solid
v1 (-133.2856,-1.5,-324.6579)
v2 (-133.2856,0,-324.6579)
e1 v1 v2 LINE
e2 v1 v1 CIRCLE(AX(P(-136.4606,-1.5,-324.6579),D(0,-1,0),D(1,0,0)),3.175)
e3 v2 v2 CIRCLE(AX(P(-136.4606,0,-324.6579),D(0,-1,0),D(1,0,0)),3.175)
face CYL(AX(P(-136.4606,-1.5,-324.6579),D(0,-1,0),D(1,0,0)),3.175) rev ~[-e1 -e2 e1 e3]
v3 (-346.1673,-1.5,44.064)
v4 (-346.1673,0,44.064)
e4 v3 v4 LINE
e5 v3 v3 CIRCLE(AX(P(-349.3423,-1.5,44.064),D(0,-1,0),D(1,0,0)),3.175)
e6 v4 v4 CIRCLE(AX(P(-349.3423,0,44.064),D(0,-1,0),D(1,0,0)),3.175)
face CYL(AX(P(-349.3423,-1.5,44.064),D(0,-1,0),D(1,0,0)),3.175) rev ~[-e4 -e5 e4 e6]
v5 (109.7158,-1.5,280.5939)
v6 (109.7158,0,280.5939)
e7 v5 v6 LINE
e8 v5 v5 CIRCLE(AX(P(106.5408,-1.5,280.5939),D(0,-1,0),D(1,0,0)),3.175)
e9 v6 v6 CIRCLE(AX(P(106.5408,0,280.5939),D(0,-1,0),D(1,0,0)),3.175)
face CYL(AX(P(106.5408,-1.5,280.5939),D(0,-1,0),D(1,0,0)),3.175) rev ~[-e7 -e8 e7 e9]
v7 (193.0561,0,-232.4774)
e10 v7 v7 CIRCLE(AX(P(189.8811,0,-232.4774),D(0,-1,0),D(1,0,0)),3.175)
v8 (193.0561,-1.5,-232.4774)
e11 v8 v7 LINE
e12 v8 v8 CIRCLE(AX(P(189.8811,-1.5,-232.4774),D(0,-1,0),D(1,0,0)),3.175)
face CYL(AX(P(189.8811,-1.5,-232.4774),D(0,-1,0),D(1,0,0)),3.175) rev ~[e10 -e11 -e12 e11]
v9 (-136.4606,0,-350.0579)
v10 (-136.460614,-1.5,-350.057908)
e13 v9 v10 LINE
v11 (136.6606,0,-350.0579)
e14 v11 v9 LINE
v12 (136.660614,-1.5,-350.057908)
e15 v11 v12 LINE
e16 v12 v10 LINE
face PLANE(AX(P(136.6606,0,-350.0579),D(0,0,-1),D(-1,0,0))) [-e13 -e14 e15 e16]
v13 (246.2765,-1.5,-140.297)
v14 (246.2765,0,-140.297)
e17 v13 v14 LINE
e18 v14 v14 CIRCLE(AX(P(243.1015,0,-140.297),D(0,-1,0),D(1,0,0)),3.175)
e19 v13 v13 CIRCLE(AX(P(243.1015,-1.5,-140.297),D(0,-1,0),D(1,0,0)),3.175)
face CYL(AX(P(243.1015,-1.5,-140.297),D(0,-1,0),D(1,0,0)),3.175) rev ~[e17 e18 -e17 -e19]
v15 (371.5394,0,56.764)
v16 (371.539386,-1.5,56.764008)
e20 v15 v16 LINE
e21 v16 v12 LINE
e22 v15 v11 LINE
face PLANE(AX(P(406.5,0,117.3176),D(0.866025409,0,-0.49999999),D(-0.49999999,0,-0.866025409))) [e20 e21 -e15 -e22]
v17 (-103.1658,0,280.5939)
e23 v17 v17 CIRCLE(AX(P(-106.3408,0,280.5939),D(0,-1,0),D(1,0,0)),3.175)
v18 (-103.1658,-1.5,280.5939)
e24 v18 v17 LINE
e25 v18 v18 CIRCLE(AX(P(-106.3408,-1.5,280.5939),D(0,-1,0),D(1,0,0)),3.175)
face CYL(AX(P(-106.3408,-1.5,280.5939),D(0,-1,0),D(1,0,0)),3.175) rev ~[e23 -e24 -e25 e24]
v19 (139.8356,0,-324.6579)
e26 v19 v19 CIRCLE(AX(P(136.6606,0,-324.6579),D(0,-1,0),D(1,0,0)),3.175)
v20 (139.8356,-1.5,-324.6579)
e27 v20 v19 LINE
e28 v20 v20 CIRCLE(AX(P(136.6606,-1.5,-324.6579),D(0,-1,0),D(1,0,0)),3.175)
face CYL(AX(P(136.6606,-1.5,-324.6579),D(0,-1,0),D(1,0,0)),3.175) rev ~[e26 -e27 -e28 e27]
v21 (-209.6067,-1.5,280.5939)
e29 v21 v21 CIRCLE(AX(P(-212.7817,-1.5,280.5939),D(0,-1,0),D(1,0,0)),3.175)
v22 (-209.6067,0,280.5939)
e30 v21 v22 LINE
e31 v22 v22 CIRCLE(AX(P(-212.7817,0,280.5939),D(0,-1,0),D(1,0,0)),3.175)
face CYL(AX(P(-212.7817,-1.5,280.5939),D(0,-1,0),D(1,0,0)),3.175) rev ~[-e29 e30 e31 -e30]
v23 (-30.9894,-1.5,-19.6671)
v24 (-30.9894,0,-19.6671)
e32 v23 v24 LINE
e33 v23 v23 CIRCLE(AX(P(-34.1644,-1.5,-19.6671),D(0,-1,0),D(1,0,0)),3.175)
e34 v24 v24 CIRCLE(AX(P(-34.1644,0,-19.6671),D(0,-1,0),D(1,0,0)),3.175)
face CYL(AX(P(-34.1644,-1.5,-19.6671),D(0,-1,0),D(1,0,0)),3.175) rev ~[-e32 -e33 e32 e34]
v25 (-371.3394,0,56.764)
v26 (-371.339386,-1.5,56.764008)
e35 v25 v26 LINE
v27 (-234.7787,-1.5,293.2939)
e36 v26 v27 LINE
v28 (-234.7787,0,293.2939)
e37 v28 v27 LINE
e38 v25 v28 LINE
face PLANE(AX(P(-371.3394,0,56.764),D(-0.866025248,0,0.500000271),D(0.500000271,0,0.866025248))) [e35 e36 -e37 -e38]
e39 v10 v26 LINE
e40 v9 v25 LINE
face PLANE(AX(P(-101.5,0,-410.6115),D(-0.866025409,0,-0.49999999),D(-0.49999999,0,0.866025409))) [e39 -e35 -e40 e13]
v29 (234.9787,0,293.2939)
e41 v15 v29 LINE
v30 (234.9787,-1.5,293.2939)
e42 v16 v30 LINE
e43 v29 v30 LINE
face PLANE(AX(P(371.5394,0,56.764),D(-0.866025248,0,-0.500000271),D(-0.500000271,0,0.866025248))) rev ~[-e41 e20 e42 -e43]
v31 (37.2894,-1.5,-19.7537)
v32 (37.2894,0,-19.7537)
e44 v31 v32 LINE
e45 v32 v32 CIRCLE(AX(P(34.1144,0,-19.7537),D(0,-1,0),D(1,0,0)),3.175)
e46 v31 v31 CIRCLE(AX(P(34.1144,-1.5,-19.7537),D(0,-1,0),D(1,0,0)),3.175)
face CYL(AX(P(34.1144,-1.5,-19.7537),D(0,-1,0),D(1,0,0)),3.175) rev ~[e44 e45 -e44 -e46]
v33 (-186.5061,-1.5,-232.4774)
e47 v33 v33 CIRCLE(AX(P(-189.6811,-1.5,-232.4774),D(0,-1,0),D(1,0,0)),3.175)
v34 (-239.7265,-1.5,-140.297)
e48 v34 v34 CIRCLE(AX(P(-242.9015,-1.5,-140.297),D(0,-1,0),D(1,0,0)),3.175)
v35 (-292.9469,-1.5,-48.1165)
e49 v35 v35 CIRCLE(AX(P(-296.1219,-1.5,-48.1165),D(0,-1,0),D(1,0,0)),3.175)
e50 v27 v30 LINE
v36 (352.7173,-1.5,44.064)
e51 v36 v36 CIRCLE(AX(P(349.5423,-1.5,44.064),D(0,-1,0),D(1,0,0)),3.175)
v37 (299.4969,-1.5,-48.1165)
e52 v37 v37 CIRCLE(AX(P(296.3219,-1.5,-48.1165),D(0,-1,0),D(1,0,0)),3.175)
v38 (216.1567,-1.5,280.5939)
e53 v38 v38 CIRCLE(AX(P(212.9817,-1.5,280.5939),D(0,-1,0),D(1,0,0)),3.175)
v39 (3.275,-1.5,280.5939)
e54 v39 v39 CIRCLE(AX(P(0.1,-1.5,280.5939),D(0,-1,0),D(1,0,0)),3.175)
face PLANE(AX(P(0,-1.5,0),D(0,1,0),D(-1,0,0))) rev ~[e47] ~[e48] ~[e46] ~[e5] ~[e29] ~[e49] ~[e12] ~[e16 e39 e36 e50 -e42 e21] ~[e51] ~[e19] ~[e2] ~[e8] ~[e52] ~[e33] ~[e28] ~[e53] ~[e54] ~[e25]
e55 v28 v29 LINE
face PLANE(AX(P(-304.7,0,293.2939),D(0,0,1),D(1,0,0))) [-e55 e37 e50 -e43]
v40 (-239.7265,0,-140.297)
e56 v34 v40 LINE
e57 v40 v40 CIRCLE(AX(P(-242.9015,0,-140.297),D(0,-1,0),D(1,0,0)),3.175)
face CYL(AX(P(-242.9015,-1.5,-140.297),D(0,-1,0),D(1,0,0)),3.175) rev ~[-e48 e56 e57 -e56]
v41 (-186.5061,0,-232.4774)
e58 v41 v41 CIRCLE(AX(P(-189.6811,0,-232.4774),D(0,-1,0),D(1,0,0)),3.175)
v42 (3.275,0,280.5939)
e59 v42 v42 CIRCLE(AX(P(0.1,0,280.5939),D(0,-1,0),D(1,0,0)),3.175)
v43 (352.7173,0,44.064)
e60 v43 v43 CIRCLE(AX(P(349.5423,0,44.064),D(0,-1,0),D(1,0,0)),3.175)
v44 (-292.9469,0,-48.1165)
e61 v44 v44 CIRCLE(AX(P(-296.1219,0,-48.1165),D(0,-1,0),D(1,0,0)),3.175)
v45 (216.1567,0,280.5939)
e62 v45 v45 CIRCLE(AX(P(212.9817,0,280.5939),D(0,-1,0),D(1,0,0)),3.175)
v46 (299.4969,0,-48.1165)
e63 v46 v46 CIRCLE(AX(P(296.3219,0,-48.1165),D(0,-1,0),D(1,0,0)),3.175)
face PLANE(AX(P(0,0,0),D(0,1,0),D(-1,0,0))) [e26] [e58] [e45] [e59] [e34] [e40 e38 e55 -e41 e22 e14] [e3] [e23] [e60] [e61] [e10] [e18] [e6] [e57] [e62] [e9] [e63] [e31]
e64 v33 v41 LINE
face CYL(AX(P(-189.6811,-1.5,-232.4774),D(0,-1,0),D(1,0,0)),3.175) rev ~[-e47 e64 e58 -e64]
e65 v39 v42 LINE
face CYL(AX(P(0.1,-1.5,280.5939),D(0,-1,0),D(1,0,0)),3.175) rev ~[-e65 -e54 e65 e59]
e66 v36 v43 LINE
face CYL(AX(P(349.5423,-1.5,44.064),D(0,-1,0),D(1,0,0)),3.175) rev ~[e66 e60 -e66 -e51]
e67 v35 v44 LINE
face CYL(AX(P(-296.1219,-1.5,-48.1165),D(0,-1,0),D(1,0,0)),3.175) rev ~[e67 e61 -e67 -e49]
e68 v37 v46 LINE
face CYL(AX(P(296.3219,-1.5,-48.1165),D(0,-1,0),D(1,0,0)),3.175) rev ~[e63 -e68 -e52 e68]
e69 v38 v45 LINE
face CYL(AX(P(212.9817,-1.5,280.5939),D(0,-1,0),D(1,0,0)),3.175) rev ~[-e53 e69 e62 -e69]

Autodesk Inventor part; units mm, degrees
ref_plane "YZ Plane" through (0, 0, 0) normal (1, 0, 0) x (0, 1, 0)
ref_plane "XZ Plane" through (0, 0, 0) normal (0, 1, 0) x (-1, 0, 0)
ref_plane "XY Plane" through (0, 0, 0) normal (0, 0, 1) x (1, 0, 0)
sketch "Sketch1" plane through (0, 0, 0) normal (0, 1, 0) x (-1, 0, 0)
  line L0 (101.5, -410.6115) -> (-101.7, -410.6115)
  line L1 (101.5, -410.6115) -> (406.3, 117.3176)
  line L2 (406.3, 117.3176) -> (304.7, 293.2939)
  line L3 (304.7, 293.2939) -> (-304.9, 293.2939)
  line L4 (-304.9, 293.2939) -> (-406.5, 117.3176)
  line L5 (-304.9, 293.2939) -> (-101.7, 293.2939) construction
  line L6 (-406.5, 117.3176) -> (-101.7, -410.6115)
  line L7 (-0.1, -410.6115) -> (-0.1, 293.2939) construction
  line L8 (-355.7, 205.3058) -> (253.9, -146.647) construction
  line L9 (-254.1, -146.647) -> (355.5, 205.3058) construction
  line L10 (34.1394, 19.7104) -> (0, 0) construction
  line L11 (0, 0) -> (-34.1644, -19.6671) construction
  line L12 (0, 0) -> (34.1144, -19.7537) construction
  circle A0 centre (-34.1644, -19.6671) radius 3.175 construction
  circle A1 centre (34.1144, -19.7537) radius 3.175 construction
  dimension "d0" = 120
  dimension "d1" = 203.2
  dimension "d3" = 609.6
  dimension "d8" = 203.2
  dimension "d10" = 120
  dimension "d13" = 609.6
  dimension "d15" = 203.2
  dimension "d16" = 120
  dimension "d17" = 609.6
  dimension "d18" = 120
  dimension "d22" = 101.6
  dimension "d122" = 39.4208
  dimension "d123" = 39.4208
  dimension "d124" = 6.35
  dimension "d125" = 6.35
extrude "Extrusion1" add sketch "Sketch1" against normal blind 1.5
sketch "Sketch2" plane through (0, 0, 0) normal (0, 1, 0) x (1, 0, 0)
  line L0 (-101.5, 410.6115) -> (101.7, 410.6115) projected
  line L1 (-406.3, -117.3176) -> (-101.5, 410.6115) projected
  line L2 (-304.7, -293.2939) -> (-406.3, -117.3176) projected
  line L3 (304.9, -293.2939) -> (-304.7, -293.2939) projected
  line L4 (406.5, -117.3176) -> (304.9, -293.2939) projected
  line L5 (101.7, 410.6115) -> (406.5, -117.3176) projected
  line L6 (0.1, 410.6115) -> (0.1, 350.0579) construction
  line L7 (0.1, 350.0579) -> (136.6606, 350.0579) construction
  line L8 (0.1, 350.0579) -> (-136.4606, 350.0579) construction
  line L9 (-355.5, -205.3058) -> (-303.059, -175.029) construction
  line L10 (355.7, -205.3058) -> (303.259, -175.029) construction
  line L11 (303.259, -175.029) -> (371.5394, -56.764) construction
  line L12 (303.259, -175.029) -> (234.9787, -293.2939) construction
  line L13 (-303.059, -175.029) -> (-234.7787, -293.2939) construction
  line L14 (-303.059, -175.029) -> (-371.3394, -56.764) construction
  line L15 (-371.3394, -56.764) -> (-234.7787, -293.2939)
  line L16 (-304.7, -293.2939) -> (-234.7787, -293.2939)
  line L17 (-304.7, -293.2939) -> (-406.3, -117.3176)
  line L18 (-371.3394, -56.764) -> (-406.3, -117.3176)
  line L19 (-101.5, 410.6115) -> (-136.4606, 350.0579)
  line L20 (-101.5, 410.6115) -> (101.7, 410.6115)
  line L21 (136.6606, 350.0579) -> (101.7, 410.6115)
  line L22 (136.6606, 350.0579) -> (-136.4606, 350.0579)
  line L23 (371.5394, -56.764) -> (234.9787, -293.2939)
  line L24 (304.9, -293.2939) -> (234.9787, -293.2939)
  line L25 (304.9, -293.2939) -> (406.5, -117.3176)
  line L26 (406.5, -117.3176) -> (371.5394, -56.764)
  point P0 (0, 0)
  dimension "d25" = 60.5536
  dimension "d26" = 60.5536
  dimension "d27" = 118.265
  dimension "d28" = 118.265
  dimension "d29" = 118.265
  dimension "d30" = 118.265
  dimension "d31" = 136.5606
  dimension "d32" = 136.5606
extrude "Extrusion2" cut sketch "Sketch2" against normal blind 25.4 contours L0 L5 L22 L1 | L15 L3 L2 L1 | L5 L4 L3 L23
sketch "Sketch5" plane through (0, -1.5, 0) normal (0, -1, 0) x (1, 0, 0)
  line L0 (-234.7787, 293.2939) -> (-371.3394, 56.764) projected
  line L1 (-136.4606, -350.0579) -> (136.6606, -350.0579) projected
  line L2 (136.6606, -350.0579) -> (371.5394, 56.764) projected
  line L3 (371.5394, 56.764) -> (234.9787, 293.2939) projected
  line L4 (-303.059, 175.029) -> (-281.062, 162.329) construction
  line L5 (303.259, 175.029) -> (281.262, 162.329) construction
  line L6 (0.1, -350.0579) -> (0.1, -324.6579) construction
  line L7 (-371.3394, 56.764) -> (-349.3423, 44.064) construction
  line L8 (234.9787, 293.2939) -> (212.9817, 280.5939) construction
  line L9 (371.5394, 56.764) -> (349.5423, 44.064) construction
  line L10 (-136.4606, -350.0579) -> (-136.4606, -324.6579) construction
  line L11 (136.6606, -350.0579) -> (136.6606, -324.6579) construction
  line L12 (-136.4606, -324.6579) -> (-136.4606, -324.6579) construction
  line L13 (136.6606, -324.6579) -> (136.6606, -324.6579) construction
  line L14 (-349.3423, 44.064) -> (-349.3423, 44.064) construction
  line L15 (-234.7787, 293.2939) -> (-212.7817, 280.5939) construction
  line L16 (-212.7817, 280.5939) -> (-212.7817, 280.5939) construction
  circle A0 centre (-349.3423, 44.064) radius 3.175
  circle A1 centre (-212.7817, 280.5939) radius 3.175
  circle A2 centre (212.9817, 280.5939) radius 3.175
  circle A3 centre (349.5423, 44.064) radius 3.175
  circle A4 centre (136.6606, -324.6579) radius 3.175
  circle A5 centre (-136.4606, -324.6579) radius 3.175
  line L17 (212.9817, 280.5939) -> (212.9817, 280.5939)
  line L18 (349.5423, 44.064) -> (349.5423, 44.064)
  line L19 (-212.7817, 280.5939) -> (-106.3408, 280.5939) construction
  line L20 (-106.3408, 280.5939) -> (0.1, 280.5939) construction
  line L21 (0.1, 280.5939) -> (106.5408, 280.5939) construction
  line L22 (106.5408, 280.5939) -> (212.9817, 280.5939) construction
  circle A6 centre (-106.3408, 280.5939) radius 3.175
  circle A7 centre (0.1, 280.5939) radius 3.175
  circle A8 centre (106.5408, 280.5939) radius 3.175
  line L23 (-349.3423, 44.064) -> (-296.1219, -48.1165) construction
  line L24 (-296.1219, -48.1165) -> (-242.9015, -140.297) construction
  line L25 (-242.9015, -140.297) -> (-189.6811, -232.4774) construction
  line L26 (-189.6811, -232.4774) -> (-136.4606, -324.6579) construction
  circle A9 centre (-296.1219, -48.1165) radius 3.175
  circle A10 centre (-242.9015, -140.297) radius 3.175
  circle A11 centre (-189.6811, -232.4774) radius 3.175
  line L27 (136.6606, -324.6579) -> (189.8811, -232.4774) construction
  line L28 (189.8811, -232.4774) -> (243.1015, -140.297) construction
  line L29 (243.1015, -140.297) -> (296.3219, -48.1165) construction
  line L30 (296.3219, -48.1165) -> (349.5423, 44.064) construction
  circle A12 centre (189.8811, -232.4774) radius 3.175
  circle A13 centre (243.1015, -140.297) radius 3.175
  circle A14 centre (296.3219, -48.1165) radius 3.175
  point P0 (0, 0)
  dimension "d67" = 25.4
  dimension "d68" = 25.4
  dimension "d69" = 25.4
  dimension "d70" = 25.4
  dimension "d71" = 25.4
  dimension "d72" = 25.4
  dimension "d73" = 0
  dimension "d74" = 0
  dimension "d75" = 0
  dimension "d76" = 0
  dimension "d77" = 6.35
  dimension "d78" = 6.35
  dimension "d79" = 6.35
  dimension "d80" = 6.35
  dimension "d81" = 6.35
  dimension "d82" = 6.35
  dimension "d83" = 0
  dimension "d84" = 0
  dimension "d87" = 425.7634
  dimension "d88" = 106.4408
  dimension "d89" = 106.4408
  dimension "d90" = 106.4408
  dimension "d91" = 106.4408
  dimension "d92" = 6.35
  dimension "d93" = 6.35
  dimension "d94" = 6.35
  dimension "d95" = 106.4408
  dimension "d96" = 106.4408
  dimension "d97" = 106.4408
  dimension "d98" = 106.4408
  dimension "d99" = 6.35
  dimension "d100" = 6.35
  dimension "d101" = 6.35
  dimension "d102" = 106.4408
  dimension "d103" = 106.4408
  dimension "d104" = 106.4408
  dimension "d105" = 106.4408
  dimension "d106" = 6.35
  dimension "d107" = 6.35
  dimension "d108" = 6.35
extrude "Extrusion5" cut sketch "Sketch5" against normal blind 25.4 contours A0 | A1 | A2 | A3 | A4 | A5
sketch "Sketch6" plane through (0, -1.5, 0) normal (0, -1, 0) x (1, 0, 0)
  circle A0 centre (-106.3408, 280.5939) radius 3.175
  circle A1 centre (0.1, 280.5939) radius 3.175
  circle A2 centre (106.5408, 280.5939) radius 3.175
  circle A3 centre (-296.1219, -48.1165) radius 3.175
  circle A4 centre (-242.9015, -140.297) radius 3.175
  circle A5 centre (-189.6811, -232.4774) radius 3.175
  circle A6 centre (189.8811, -232.4774) radius 3.175
  circle A7 centre (243.1015, -140.297) radius 3.175
  circle A8 centre (296.3219, -48.1165) radius 3.175
  point P0 (0, 0)
  dimension "d109" = 6.35
  dimension "d110" = 6.35
  dimension "d111" = 6.35
  dimension "d112" = 6.35
  dimension "d113" = 6.35
  dimension "d114" = 6.35
  dimension "d115" = 6.35
  dimension "d116" = 6.35
  dimension "d117" = 6.35
extrude "Extrusion6" cut sketch "Sketch6" against normal blind 25.4
sketch "Sketch7" plane through (0, -1.5, 0) normal (0, -1, 0) x (1, 0, 0)
  circle A0 centre (-34.1644, -19.6671) radius 3.175
  circle A1 centre (34.1144, -19.7537) radius 3.175
  point P0 (0, 0)
  dimension "d126" = 6.35
  dimension "d127" = 6.35
extrude "Extrusion7" cut sketch "Sketch7" against normal blind 25.4
equation "\"d8\" = d1"
equation "\"d13\" = d3"
equation "\"d15\" = d1"
equation "\"d124\" = d125"
equation "\"d88\" = 0.25 * d87"
equation "\"d90\" = d88"
equation "\"d91\" = d88"
equation "\"d92\" = d78"
equation "\"d93\" = d78"
equation "\"d94\" = d78"
equation "\"d95\" = d88"
equation "\"d96\" = d95"
equation "\"d97\" = d96"
equation "\"d98\" = d97"
equation "\"d99\" = d100"
equation "\"d100\" = d77"
equation "\"d101\" = d99"
equation "\"d102\" = d103"
equation "\"d103\" = d104"
equation "\"d104\" = d98"
equation "\"d105\" = d104"
equation "\"d106\" = d107"
equation "\"d107\" = d108"
equation "\"d108\" = d94"
equation "\"d109\" = d118"
equation "\"d110\" = d118"
equation "\"d111\" = d118"
equation "\"d112\" = d113"
equation "\"d113\" = d119"
equation "\"d114\" = d112"
equation "\"d115\" = d116"
equation "\"d116\" = d117"
equation "\"d117\" = d111"
equation "\"d126\" = d127"
equation "\"d118\" = 6.35"
equation "\"d119\" = 6.35"
properties part number "Base Plate" material "Prefabulated Amulite"
